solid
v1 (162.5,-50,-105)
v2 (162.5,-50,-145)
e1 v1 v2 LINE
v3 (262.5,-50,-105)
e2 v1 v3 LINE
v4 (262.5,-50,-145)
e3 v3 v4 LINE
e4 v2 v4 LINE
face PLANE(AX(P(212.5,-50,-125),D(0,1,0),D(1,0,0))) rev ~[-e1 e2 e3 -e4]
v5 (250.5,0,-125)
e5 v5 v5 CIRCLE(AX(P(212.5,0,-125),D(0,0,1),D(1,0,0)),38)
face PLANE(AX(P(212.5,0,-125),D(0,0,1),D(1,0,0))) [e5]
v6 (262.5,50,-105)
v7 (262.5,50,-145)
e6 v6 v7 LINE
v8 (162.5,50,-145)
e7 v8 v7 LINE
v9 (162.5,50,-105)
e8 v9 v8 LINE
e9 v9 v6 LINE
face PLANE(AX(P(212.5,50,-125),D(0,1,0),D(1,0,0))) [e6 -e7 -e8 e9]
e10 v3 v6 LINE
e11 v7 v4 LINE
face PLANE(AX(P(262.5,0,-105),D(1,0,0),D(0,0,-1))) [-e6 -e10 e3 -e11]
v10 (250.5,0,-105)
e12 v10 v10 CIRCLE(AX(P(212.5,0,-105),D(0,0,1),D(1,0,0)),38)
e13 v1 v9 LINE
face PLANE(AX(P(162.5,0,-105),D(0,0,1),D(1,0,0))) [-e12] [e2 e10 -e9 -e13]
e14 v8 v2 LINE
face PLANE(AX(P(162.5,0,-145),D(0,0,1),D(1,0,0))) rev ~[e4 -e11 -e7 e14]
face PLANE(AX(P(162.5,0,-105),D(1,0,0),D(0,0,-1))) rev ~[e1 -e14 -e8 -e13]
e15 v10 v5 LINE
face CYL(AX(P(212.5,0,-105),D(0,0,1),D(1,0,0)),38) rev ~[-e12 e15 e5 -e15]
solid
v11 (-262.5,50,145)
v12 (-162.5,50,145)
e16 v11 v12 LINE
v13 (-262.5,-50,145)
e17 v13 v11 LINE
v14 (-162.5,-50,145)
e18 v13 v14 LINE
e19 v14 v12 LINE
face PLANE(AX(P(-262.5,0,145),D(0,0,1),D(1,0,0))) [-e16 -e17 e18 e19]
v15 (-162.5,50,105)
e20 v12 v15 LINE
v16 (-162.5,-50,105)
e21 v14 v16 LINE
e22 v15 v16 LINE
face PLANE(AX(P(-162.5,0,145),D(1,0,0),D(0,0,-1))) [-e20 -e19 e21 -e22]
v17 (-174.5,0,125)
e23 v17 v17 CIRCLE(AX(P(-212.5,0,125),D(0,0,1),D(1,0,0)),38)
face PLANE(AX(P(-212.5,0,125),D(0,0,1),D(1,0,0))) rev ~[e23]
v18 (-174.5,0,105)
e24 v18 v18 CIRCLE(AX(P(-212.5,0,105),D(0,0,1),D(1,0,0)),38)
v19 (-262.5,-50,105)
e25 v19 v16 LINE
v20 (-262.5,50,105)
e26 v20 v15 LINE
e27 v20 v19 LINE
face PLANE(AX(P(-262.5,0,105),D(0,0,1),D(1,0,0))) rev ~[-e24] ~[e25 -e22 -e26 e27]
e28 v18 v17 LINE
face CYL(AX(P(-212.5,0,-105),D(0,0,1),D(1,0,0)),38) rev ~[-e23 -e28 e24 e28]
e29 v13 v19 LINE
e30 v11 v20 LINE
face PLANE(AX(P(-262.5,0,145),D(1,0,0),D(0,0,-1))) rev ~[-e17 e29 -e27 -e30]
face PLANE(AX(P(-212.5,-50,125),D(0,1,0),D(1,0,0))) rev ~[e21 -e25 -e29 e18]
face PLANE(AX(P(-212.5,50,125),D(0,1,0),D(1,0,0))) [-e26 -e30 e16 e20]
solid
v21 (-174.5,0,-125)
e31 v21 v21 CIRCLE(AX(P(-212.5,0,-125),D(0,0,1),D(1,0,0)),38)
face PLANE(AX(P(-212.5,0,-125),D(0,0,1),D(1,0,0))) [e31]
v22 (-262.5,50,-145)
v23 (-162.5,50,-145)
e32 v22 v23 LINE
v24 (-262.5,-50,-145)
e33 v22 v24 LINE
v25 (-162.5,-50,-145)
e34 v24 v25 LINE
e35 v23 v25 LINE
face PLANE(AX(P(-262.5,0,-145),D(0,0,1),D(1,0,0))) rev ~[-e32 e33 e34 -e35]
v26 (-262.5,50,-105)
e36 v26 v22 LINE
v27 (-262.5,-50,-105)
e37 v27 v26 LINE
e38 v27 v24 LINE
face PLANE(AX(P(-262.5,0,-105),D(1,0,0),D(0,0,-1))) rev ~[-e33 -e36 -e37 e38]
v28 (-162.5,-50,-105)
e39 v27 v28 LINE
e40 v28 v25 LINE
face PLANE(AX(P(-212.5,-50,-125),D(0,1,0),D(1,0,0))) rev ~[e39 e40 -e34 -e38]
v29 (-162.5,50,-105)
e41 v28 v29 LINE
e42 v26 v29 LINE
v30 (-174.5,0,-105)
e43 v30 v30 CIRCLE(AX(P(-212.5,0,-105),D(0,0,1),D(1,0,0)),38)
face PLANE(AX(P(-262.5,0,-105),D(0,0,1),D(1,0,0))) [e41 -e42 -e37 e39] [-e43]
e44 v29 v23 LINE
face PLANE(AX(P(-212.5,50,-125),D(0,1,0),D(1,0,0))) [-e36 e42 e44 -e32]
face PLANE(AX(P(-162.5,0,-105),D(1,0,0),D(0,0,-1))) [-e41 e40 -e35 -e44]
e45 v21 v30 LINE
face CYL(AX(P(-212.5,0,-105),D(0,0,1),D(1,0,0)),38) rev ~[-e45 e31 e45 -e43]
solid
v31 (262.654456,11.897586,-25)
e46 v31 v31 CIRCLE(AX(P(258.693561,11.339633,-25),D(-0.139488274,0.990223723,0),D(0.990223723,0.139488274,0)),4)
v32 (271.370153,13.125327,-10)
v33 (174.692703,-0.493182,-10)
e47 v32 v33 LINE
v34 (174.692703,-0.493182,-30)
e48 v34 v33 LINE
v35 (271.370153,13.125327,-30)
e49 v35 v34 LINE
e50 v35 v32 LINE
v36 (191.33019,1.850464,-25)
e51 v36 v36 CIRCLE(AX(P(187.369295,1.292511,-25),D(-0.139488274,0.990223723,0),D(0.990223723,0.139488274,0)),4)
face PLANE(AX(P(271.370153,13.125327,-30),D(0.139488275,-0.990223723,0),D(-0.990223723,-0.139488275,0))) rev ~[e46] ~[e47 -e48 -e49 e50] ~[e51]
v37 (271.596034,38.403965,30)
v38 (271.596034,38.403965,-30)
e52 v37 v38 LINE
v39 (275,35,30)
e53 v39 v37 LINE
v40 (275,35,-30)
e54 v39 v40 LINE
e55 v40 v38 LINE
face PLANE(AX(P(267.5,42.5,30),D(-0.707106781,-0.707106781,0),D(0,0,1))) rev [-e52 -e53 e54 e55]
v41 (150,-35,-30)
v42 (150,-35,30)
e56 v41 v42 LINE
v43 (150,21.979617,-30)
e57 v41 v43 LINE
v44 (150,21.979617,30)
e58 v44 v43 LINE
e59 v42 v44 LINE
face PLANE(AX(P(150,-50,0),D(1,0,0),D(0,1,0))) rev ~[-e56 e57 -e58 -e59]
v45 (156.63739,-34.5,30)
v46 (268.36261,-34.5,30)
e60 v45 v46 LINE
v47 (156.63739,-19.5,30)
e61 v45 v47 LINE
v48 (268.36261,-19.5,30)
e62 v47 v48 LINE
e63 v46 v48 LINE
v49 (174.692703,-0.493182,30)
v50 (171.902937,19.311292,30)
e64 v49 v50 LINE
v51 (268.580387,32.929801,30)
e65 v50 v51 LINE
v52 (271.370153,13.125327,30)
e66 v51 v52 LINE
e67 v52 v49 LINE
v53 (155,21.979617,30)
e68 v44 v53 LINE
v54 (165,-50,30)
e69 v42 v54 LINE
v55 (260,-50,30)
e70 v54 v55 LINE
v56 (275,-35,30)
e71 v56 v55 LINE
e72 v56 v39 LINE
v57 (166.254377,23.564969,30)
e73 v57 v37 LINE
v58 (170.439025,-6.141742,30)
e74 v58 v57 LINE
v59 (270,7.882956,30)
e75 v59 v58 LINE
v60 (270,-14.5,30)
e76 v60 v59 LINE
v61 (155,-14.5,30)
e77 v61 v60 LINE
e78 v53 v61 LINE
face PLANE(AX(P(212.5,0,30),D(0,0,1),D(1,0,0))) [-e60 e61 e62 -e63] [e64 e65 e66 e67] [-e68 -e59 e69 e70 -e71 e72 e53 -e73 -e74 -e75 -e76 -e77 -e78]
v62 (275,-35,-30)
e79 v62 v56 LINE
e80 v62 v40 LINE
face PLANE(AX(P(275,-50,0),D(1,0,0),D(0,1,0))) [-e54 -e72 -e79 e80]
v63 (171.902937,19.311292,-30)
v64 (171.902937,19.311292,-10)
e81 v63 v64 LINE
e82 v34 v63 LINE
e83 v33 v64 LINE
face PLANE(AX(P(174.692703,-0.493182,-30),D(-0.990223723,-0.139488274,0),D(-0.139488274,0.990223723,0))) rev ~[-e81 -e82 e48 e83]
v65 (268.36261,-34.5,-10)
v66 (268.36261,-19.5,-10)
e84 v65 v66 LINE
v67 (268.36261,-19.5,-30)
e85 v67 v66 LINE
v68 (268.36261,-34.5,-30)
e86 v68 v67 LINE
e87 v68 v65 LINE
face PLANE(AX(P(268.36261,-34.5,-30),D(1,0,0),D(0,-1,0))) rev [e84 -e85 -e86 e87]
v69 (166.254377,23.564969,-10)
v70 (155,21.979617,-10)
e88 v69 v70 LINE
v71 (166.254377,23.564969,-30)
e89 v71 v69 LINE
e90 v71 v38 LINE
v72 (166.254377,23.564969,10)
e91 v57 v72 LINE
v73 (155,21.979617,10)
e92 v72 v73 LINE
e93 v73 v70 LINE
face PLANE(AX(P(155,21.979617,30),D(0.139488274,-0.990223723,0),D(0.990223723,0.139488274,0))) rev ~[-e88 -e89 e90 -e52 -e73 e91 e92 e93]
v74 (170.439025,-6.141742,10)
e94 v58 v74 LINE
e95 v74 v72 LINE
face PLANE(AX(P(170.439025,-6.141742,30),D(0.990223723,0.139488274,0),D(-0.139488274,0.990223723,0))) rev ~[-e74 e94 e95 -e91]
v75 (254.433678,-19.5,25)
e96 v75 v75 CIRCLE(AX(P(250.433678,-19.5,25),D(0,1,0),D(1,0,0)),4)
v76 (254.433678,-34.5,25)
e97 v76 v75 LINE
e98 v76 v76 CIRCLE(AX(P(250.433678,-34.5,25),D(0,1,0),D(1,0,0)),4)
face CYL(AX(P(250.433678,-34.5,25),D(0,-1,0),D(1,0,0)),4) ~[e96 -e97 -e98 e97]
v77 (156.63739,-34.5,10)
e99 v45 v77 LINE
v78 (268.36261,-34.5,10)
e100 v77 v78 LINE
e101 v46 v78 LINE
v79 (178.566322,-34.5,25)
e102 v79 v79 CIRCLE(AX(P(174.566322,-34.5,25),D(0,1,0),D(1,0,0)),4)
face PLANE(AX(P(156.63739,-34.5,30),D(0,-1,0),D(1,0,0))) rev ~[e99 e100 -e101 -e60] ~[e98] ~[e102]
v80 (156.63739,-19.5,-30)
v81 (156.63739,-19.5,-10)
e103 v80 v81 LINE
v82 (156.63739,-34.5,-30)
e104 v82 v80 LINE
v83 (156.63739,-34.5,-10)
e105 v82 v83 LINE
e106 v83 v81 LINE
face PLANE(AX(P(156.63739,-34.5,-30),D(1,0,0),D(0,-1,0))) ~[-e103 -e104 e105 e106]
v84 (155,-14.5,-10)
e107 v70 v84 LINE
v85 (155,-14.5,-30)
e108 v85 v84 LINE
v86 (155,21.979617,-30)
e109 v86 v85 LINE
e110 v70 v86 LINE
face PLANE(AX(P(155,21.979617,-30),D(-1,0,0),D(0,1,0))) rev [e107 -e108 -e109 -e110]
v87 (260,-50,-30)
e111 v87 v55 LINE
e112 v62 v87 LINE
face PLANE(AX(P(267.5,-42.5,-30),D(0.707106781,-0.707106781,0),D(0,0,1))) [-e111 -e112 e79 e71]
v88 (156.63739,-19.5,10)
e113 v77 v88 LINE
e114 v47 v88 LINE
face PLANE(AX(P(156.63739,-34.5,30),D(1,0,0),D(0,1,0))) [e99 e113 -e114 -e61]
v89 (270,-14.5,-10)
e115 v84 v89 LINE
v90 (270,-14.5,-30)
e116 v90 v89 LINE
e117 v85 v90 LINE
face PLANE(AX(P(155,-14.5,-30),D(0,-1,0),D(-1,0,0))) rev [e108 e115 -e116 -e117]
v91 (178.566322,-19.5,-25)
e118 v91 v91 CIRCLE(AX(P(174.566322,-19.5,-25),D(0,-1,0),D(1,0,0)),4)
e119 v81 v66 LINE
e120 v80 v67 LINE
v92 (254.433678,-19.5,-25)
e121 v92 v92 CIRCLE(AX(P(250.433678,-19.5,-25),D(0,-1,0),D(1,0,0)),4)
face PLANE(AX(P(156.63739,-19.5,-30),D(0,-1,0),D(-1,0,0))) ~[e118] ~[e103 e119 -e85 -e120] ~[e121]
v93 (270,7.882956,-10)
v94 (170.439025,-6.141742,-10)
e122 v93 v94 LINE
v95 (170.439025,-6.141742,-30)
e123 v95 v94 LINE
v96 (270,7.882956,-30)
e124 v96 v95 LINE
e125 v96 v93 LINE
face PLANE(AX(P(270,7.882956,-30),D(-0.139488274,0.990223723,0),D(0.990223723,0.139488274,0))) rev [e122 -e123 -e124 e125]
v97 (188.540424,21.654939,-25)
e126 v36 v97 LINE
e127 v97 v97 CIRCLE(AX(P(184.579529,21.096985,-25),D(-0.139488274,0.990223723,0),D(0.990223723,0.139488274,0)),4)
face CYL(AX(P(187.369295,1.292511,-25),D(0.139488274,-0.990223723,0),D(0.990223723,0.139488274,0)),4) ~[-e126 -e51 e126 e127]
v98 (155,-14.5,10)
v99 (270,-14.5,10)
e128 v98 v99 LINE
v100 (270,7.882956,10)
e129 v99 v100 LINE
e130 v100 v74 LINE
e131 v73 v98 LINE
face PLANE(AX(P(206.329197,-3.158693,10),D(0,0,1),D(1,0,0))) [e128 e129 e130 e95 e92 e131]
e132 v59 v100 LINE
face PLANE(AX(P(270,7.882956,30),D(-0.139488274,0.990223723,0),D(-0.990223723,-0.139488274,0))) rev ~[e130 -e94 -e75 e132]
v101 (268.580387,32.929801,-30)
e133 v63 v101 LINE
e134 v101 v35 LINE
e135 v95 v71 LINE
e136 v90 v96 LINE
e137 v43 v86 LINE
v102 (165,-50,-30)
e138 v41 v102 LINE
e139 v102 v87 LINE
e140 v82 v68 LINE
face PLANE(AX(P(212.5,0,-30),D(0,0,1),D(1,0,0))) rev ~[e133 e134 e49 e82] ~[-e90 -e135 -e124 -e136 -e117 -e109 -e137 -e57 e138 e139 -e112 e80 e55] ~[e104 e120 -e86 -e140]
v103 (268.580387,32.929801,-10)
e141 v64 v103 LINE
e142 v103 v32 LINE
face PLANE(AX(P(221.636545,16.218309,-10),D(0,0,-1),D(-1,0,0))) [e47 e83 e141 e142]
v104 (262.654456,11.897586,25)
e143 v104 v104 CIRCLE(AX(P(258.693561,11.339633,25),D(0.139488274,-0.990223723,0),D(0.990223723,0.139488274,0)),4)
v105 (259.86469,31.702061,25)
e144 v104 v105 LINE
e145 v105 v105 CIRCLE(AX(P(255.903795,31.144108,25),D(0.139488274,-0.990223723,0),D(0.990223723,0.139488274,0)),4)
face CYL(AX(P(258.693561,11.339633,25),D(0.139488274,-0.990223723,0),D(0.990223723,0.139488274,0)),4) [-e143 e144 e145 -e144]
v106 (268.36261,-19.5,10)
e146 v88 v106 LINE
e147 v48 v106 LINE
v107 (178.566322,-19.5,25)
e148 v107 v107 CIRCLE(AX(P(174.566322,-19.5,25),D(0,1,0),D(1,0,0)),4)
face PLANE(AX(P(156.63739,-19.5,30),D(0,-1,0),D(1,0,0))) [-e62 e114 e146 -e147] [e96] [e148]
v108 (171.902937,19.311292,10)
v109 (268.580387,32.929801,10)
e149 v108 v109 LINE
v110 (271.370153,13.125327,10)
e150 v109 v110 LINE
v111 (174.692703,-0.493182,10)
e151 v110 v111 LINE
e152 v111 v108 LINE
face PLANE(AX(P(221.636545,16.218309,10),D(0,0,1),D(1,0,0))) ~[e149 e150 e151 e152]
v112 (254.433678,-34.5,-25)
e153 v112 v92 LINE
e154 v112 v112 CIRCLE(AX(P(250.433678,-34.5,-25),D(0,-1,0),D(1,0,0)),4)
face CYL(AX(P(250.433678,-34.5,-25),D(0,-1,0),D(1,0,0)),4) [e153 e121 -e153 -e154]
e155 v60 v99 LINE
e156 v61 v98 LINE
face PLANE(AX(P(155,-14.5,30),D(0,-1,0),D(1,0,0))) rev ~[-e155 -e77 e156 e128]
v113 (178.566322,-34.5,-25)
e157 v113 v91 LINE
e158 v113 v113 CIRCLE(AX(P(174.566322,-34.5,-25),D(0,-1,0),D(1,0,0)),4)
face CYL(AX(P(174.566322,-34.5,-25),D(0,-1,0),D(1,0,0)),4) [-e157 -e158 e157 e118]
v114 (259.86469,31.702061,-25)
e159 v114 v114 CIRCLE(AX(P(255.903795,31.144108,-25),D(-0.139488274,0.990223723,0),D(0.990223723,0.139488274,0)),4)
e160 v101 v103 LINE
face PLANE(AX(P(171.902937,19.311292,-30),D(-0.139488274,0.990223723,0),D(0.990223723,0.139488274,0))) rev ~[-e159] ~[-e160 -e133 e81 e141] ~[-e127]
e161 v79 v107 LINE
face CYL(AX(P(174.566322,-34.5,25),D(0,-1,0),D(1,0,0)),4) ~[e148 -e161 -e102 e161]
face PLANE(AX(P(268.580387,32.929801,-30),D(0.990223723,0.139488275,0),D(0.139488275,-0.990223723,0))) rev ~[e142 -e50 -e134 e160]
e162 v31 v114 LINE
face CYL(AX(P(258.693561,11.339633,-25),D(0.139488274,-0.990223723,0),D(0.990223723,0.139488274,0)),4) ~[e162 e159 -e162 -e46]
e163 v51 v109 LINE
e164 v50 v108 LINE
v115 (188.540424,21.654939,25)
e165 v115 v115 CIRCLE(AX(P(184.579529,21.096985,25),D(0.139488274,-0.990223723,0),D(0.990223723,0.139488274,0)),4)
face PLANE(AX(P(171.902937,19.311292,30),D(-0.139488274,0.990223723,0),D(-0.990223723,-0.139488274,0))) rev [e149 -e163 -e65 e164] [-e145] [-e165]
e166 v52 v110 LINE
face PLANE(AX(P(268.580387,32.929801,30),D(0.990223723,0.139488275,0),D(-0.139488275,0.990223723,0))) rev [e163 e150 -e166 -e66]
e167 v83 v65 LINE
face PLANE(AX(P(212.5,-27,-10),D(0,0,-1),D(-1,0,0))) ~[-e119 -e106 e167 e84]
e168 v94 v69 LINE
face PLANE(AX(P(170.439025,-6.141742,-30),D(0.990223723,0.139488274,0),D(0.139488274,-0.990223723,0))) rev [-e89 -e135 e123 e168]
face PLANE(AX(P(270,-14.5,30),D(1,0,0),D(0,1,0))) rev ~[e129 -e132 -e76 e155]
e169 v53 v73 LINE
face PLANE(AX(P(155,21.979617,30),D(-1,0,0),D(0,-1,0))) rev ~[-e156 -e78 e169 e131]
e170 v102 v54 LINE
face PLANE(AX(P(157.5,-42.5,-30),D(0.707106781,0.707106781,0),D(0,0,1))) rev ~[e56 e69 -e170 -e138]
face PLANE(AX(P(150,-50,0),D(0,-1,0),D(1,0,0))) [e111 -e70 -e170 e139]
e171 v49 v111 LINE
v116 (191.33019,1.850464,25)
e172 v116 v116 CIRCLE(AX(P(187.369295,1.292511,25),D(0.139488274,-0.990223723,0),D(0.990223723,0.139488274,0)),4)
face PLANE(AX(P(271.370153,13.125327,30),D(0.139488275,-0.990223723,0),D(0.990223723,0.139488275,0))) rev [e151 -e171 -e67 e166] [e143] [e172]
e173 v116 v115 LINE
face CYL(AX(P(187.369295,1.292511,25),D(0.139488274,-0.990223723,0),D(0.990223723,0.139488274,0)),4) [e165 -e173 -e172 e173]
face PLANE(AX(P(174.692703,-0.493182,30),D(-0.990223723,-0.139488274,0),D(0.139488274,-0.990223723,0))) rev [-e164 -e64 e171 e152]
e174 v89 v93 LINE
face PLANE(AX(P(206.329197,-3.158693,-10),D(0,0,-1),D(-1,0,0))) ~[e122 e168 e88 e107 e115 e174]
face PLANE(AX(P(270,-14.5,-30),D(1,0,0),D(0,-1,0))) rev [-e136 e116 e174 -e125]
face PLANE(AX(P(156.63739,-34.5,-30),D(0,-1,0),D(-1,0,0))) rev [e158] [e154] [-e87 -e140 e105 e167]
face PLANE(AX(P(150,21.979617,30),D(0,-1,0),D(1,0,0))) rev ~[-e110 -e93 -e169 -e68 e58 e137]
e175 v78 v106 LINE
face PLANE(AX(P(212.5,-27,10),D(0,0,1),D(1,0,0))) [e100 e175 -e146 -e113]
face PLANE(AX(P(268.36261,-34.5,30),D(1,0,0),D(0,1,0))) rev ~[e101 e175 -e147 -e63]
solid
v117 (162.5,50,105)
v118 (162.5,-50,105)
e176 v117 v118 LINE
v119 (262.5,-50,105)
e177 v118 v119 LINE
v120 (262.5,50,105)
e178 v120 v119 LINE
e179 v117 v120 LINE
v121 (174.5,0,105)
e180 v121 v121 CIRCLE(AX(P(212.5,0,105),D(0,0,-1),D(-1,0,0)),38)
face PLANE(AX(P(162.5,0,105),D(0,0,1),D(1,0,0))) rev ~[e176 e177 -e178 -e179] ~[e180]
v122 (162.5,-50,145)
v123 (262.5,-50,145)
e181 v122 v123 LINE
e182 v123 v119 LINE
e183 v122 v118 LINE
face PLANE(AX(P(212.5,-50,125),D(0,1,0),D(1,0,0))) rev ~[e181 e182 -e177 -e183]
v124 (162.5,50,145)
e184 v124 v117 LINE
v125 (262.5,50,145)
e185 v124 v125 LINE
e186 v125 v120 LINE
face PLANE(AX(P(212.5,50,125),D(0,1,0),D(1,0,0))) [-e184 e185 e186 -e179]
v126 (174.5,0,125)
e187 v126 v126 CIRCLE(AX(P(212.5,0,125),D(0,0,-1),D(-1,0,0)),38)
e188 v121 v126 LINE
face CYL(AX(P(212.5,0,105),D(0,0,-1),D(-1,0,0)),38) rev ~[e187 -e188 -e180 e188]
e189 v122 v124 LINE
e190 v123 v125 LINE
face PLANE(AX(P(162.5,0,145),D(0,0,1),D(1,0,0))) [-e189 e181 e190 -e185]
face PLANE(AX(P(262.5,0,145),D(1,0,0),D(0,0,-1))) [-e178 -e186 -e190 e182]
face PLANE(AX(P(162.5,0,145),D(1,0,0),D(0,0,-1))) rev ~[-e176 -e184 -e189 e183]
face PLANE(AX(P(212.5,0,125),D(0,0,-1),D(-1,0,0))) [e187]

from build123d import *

# Parameters (mm, degrees)
SKETCH1_W                = 100
SKETCH1_H                = 40
BOSS_EXTRUDE1_DEPTH      = 50
BOSS_EXTRUDE1_2_DEPTH    = 50
BOSS_EXTRUDE1_3_DEPTH    = 50
BOSS_EXTRUDE1_4_DEPTH    = 50
SKETCH3_R                = 38
CUT_EXTRUDE5_DEPTH       = 20
SKETCH4_R                = 38
CUT_EXTRUDE6_DEPTH       = 20
SKETCH11_W               = 125
SKETCH11_H               = 100
BOSS_EXTRUDE3_DEPTH      = 30
CHAMFER1_SIZE            = 15
SKETCH17_W               = 111.72522046
SKETCH17_H               = 15
CUT_EXTRUDE8_DEPTH       = 20
SKETCH22_R               = 4
BOSS_EXTRUDE5_DEPTH      = 15
CUT_EXTRUDE9_DEPTH       = 20
SKETCH24_R               = 4
BOSS_EXTRUDE7_DEPTH      = 20
CUT_EXTRUDE12_DEPTH      = 60
CUT_EXTRUDE13_DEPTH      = 20
SKETCH29_R               = 38
CUT_EXTRUDE14_DEPTH      = 230
CUT_EXTRUDE14_DEPTH_BACK = 20


with BuildPart() as part:
    # Sketch1 → Boss-Extrude1 (new body, symmetric)
    with BuildSketch(Plane(origin=(0, 0, 0), x_dir=(1, 0, 0), z_dir=(0, 1, 0))):
        with Locations((212.5, 125)):
            Rectangle(SKETCH1_W, SKETCH1_H)
    extrude(amount=BOSS_EXTRUDE1_DEPTH, both=True)

    # Sketch4 → Cut-Extrude6 (cut)
    with BuildSketch(Plane.XY.offset(-105)):
        with Locations((212.5, 0)):
            Circle(SKETCH4_R)
    extrude(amount=-CUT_EXTRUDE6_DEPTH, mode=Mode.SUBTRACT)


with BuildPart() as body_2:
    # Sketch1 → Boss-Extrude1 2 (new body, symmetric)
    with BuildSketch(Plane(origin=(0, 0, 0), x_dir=(1, 0, 0), z_dir=(0, 1, 0))):
        with Locations((212.5, -125)):
            Rectangle(SKETCH1_W, SKETCH1_H)
    extrude(amount=BOSS_EXTRUDE1_2_DEPTH, both=True)

    # Sketch3 → Cut-Extrude5 (cut)
    with BuildSketch(Plane(origin=(0, 0, 105), x_dir=(-1, 0, 0), z_dir=(0, 0, -1))):
        with Locations((-212.5, 0)):
            Circle(SKETCH3_R)
    extrude(amount=-CUT_EXTRUDE5_DEPTH, mode=Mode.SUBTRACT)


with BuildPart() as body_3:
    # Sketch1 → Boss-Extrude1 3 (new body, symmetric)
    with BuildSketch(Plane(origin=(0, 0, 0), x_dir=(1, 0, 0), z_dir=(0, 1, 0))):
        with Locations((-212.5, -125)):
            Rectangle(SKETCH1_W, SKETCH1_H)
    extrude(amount=BOSS_EXTRUDE1_3_DEPTH, both=True)


with BuildPart() as body_4:
    # Sketch1 → Boss-Extrude1 4 (new body, symmetric)
    with BuildSketch(Plane(origin=(0, 0, 0), x_dir=(1, 0, 0), z_dir=(0, 1, 0))):
        with Locations((-212.5, 125)):
            Rectangle(SKETCH1_W, SKETCH1_H)
    extrude(amount=BOSS_EXTRUDE1_4_DEPTH, both=True)


with BuildPart() as body_5:
    # Sketch11 → Boss-Extrude3 (new body, symmetric)
    with BuildSketch(Plane.XY):
        with Locations((212.5, 0)):
            Rectangle(SKETCH11_W, SKETCH11_H)
    extrude(amount=BOSS_EXTRUDE3_DEPTH, both=True)

    # Chamfer1
    chamfer1_edges = [body_5.edges().sort_by_distance(p)[0] for p in [
        (275, 50, 0),
        (275, -50, 0),
        (150, -50, 0),
        (150, 50, 0),
    ]]
    chamfer(chamfer1_edges, length=CHAMFER1_SIZE)

    # Sketch17 → Cut-Extrude8 (cut)
    with BuildSketch(Plane.XY.offset(30)):
        with Locations((212.5, -27)):
            Rectangle(SKETCH17_W, SKETCH17_H)
    cut_extrude8 = extrude(amount=-CUT_EXTRUDE8_DEPTH, mode=Mode.SUBTRACT)

    # Sketch22 → Boss-Extrude5 (add)
    with BuildSketch(Plane(origin=(0, -34.5, 0), x_dir=(1, 0, 0), z_dir=(0, 1, 0))):
        with Locations((174.566321958, -25)):
            Circle(SKETCH22_R)
        with Locations((250.433678042, -25)):
            Circle(SKETCH22_R)
    boss_extrude5 = extrude(amount=BOSS_EXTRUDE5_DEPTH)

    # Mirror4: Cut-Extrude8, Boss-Extrude5 across plane
    add(cut_extrude8.mirror(Plane.XY), mode=Mode.SUBTRACT)
    add(boss_extrude5.mirror(Plane.XY))

    # Sketch14 → Cut-Extrude9 (cut)
    with BuildSketch(Plane(origin=(0, 0, -30), x_dir=(-1, 0, 0), z_dir=(0, 0, -1))):
        Polygon((-268.580387406, 32.929801142), (-271.370152896, 13.125326686), (-174.692702514, -0.49318237), (-171.902937024, 19.311292087), align=None)
    cut_extrude9 = extrude(amount=-CUT_EXTRUDE9_DEPTH, mode=Mode.SUBTRACT)

    # Sketch24 → Boss-Extrude7 (add)
    with BuildSketch(Plane(origin=(3.467112812, -24.61294592, 0), x_dir=(0.990223723, 0.139488274, 0), z_dir=(-0.139488274, 0.990223723, 0))):
        with Locations((257.746246584, 25)):
            Circle(SKETCH24_R)
        with Locations((185.717810735, 25)):
            Circle(SKETCH24_R)
    boss_extrude7 = extrude(amount=BOSS_EXTRUDE7_DEPTH)

    # Mirror5: Cut-Extrude9, Boss-Extrude7 across plane
    add(cut_extrude9.mirror(Plane.XY), mode=Mode.SUBTRACT)
    add(boss_extrude7.mirror(Plane.XY))

    # Sketch27 → Cut-Extrude12 (cut)
    with BuildSketch(Plane.XY.offset(30)):
        Polygon((150, 21.97961685), (155, 21.97961685), (271.5960345, 38.4039655), (260, 50), (165, 50), (150, 35), align=None)
    extrude(amount=-CUT_EXTRUDE12_DEPTH, mode=Mode.SUBTRACT)

    # Sketch28 → Cut-Extrude13 (cut)
    with BuildSketch(Plane.XY.offset(30)):
        Polygon((155, -14.5), (270, -14.5), (270, 7.882955549), (170.439025272, -6.141742357), (166.254377038, 23.564969329), (155, 21.97961685), align=None)
    cut_extrude13 = extrude(amount=-CUT_EXTRUDE13_DEPTH, mode=Mode.SUBTRACT)

    # Mirror6: Cut-Extrude13 across plane
    add(cut_extrude13.mirror(Plane.XY), mode=Mode.SUBTRACT)


with BuildPart() as cut_extrude14_tool:
    # Sketch29 → Cut-Extrude14 (new body, two sides)
    with BuildSketch(Plane.XY.offset(-105)) as cut_extrude14_sk:
        with Locations((-212.5, 0)):
            Circle(SKETCH29_R)
    extrude(amount=CUT_EXTRUDE14_DEPTH)
    extrude(cut_extrude14_sk.sketch, amount=-CUT_EXTRUDE14_DEPTH_BACK)


with BuildPart() as body_3_1:
    add(body_3.part)

    # Cut-Extrude14: cut by cut_extrude14_tool
    add(cut_extrude14_tool.part, mode=Mode.SUBTRACT)


with BuildPart() as body_4_1:
    add(body_4.part)

    # Cut-Extrude14: cut by cut_extrude14_tool
    add(cut_extrude14_tool.part, mode=Mode.SUBTRACT)


solid = Compound([part.part, body_2.part, body_5.part, body_3_1.part, body_4_1.part])
